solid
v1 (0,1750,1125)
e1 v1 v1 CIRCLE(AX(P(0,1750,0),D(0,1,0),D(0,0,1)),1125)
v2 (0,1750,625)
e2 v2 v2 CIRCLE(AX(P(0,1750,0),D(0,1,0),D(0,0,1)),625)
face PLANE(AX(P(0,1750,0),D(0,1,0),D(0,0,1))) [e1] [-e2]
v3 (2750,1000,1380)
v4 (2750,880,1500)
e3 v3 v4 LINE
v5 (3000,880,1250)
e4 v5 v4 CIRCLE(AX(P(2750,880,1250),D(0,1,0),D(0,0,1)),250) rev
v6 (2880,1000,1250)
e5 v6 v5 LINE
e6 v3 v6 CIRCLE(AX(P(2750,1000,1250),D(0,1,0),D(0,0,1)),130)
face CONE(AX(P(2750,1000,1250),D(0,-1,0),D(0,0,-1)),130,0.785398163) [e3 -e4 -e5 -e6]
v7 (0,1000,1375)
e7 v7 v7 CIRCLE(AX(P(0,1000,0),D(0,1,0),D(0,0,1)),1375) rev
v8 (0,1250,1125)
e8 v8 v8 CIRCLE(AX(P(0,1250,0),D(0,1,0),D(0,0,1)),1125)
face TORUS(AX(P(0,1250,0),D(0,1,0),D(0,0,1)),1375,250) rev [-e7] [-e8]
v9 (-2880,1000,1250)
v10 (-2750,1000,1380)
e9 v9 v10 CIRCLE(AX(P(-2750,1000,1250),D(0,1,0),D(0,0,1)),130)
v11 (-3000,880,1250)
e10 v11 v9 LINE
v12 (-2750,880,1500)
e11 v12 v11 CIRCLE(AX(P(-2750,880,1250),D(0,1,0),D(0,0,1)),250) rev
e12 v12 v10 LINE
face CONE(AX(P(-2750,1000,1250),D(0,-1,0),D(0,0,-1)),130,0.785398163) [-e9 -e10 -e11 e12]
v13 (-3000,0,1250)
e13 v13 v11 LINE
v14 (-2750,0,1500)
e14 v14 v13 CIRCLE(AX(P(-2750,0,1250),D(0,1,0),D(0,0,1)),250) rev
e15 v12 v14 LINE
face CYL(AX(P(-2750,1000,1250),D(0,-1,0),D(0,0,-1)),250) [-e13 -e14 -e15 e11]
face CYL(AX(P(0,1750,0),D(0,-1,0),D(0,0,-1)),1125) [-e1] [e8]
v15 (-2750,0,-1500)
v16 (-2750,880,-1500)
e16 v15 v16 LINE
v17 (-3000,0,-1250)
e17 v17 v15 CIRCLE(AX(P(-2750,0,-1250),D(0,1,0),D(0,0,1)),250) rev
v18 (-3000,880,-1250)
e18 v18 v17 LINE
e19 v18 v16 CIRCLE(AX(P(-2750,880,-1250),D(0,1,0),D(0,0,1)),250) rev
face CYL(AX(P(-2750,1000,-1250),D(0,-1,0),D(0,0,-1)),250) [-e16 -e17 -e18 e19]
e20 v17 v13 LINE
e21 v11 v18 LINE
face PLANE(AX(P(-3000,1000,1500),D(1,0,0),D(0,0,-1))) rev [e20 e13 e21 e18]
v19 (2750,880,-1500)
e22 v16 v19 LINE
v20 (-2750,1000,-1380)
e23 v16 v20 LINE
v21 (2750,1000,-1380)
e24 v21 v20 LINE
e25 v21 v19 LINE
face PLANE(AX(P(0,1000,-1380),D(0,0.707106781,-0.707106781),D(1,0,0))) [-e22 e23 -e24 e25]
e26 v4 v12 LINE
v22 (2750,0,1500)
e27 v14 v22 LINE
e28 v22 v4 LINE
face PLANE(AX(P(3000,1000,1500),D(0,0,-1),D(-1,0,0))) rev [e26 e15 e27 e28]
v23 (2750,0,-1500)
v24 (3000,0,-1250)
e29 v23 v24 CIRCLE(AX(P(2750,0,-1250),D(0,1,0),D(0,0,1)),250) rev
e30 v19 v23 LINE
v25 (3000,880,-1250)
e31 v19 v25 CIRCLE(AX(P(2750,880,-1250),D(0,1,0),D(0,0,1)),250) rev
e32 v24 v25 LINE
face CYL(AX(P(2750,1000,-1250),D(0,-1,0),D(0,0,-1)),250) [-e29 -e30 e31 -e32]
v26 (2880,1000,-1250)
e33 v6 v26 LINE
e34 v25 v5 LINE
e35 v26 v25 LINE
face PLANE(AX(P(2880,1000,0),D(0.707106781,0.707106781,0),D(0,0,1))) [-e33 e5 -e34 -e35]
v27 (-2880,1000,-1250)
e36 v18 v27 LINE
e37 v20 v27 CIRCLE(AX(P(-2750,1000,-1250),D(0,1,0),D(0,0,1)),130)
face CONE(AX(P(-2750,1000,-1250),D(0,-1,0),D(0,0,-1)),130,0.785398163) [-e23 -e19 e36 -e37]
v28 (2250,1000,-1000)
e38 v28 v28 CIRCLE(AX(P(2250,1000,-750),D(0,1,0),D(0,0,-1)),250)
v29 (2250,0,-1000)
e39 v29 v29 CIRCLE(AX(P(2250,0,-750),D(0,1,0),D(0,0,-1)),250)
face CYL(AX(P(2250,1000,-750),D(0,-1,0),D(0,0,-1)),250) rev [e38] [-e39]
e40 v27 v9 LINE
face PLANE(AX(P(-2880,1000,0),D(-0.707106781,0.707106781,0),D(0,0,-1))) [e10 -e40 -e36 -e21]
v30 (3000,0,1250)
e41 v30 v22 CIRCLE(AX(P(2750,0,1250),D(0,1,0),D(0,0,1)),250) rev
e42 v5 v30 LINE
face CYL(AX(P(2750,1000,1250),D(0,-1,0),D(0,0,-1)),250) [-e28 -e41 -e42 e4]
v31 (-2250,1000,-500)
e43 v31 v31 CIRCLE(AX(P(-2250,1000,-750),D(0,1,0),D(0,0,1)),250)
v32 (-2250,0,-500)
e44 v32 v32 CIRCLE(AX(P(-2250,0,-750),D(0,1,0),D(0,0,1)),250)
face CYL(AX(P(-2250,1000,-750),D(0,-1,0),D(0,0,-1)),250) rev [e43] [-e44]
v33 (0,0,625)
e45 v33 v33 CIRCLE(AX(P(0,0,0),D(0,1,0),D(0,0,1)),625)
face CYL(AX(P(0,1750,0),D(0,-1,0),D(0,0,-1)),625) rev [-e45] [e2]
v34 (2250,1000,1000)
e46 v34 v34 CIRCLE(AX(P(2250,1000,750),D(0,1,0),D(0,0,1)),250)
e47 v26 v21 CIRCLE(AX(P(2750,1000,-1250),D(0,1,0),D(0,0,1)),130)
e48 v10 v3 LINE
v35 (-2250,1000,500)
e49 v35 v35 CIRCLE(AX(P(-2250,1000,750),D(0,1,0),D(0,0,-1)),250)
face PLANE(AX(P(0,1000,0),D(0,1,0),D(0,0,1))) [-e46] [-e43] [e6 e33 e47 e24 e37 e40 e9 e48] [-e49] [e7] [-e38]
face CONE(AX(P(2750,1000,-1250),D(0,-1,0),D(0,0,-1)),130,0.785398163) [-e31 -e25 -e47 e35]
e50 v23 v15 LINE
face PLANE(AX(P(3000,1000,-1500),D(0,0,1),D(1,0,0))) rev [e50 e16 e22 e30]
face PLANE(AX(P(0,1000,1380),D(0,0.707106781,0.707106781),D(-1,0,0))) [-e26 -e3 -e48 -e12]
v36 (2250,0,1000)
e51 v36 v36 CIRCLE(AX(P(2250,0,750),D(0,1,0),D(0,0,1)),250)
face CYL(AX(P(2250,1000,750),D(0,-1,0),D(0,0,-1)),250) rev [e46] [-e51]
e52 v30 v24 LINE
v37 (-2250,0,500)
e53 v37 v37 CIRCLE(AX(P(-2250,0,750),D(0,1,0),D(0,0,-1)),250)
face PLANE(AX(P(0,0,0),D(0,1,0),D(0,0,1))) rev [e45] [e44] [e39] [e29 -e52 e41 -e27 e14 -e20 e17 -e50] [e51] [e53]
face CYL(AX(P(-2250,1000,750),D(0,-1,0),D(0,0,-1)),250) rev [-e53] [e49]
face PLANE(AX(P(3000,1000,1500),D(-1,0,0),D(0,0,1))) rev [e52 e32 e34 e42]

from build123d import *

# Parameters (mm, degrees)
SKETCH1_W           = 6000
SKETCH1_H           = 3000
SKETCH1_R           = 250
BOSS_EXTRUDE1_DEPTH = 1000
SKETCH2_R           = 1125
SKETCH2_R_2         = 625
BOSS_EXTRUDE2_DEPTH = 750
SKETCH4_R           = 625
CUT_EXTRUDE1_DEPTH  = 3501
FILLET1_R           = 250
FILLET2_R           = 250
CHAMFER1_SIZE       = 120


with BuildPart() as part:
    # Sketch1 → Boss-Extrude1 (new body)
    with BuildSketch(Plane(origin=(0, 0, 0), x_dir=(1, 0, 0), z_dir=(0, 1, 0))):
        Rectangle(SKETCH1_W, SKETCH1_H)
        with Locations(Location((-2250, 750, 0), (0, 0, 270))):
            Circle(SKETCH1_R, mode=Mode.SUBTRACT)
        with Locations(Location((2250, 750, 0), (0, 0, 90))):
            Circle(SKETCH1_R, mode=Mode.SUBTRACT)
        with Locations(Location((-2250, -750, 0), (0, 0, 90))):
            Circle(SKETCH1_R, mode=Mode.SUBTRACT)
        with Locations(Location((2250, -750, 0), (0, 0, 270))):
            Circle(SKETCH1_R, mode=Mode.SUBTRACT)
    extrude(amount=BOSS_EXTRUDE1_DEPTH)

    # Sketch2 → Boss-Extrude2 (add)
    with BuildSketch(Plane(origin=(0, 1000, 0), x_dir=(1, 0, 0), z_dir=(0, 1, 0))):
        with Locations(Location((0, 0, 0), (0, 0, 270))):
            Circle(SKETCH2_R)
        with Locations(Location((0, 0, 0), (0, 0, 270))):
            Circle(SKETCH2_R_2, mode=Mode.SUBTRACT)
    extrude(amount=BOSS_EXTRUDE2_DEPTH)

    # Sketch4 → Cut-Extrude1 (cut, through all)
    with BuildSketch(Plane(origin=(0, 1000, 0), x_dir=(1, 0, 0), z_dir=(0, 1, 0))):
        with Locations(Location((0, 0, 0), (0, 0, 270))):
            Circle(SKETCH4_R)
    extrude(amount=-CUT_EXTRUDE1_DEPTH, mode=Mode.SUBTRACT)

    # Fillet1
    fillet1_edges = [part.edges().sort_by_distance(p)[0] for p in [
        (0, 1000, -1125),
    ]]
    fillet(fillet1_edges, radius=FILLET1_R)

    # Fillet2
    fillet2_edges = [part.edges().sort_by_distance(p)[0] for p in [
        (-3000, 500, -1500),
        (3000, 500, -1500),
        (3000, 500, 1500),
        (-3000, 500, 1500),
    ]]
    fillet(fillet2_edges, radius=FILLET2_R)

    # Chamfer1
    chamfer1_edges = [part.edges().sort_by_distance(p)[0] for p in [
        (-3000, 1000, 0),
        (0, 1000, -1500),
        (0, 1000, 1500),
        (3000, 1000, 0),
        (-2926.776695297, 1000, 1426.776695297),
        (2926.776695297, 1000, 1426.776695297),
        (2926.776695297, 1000, -1426.776695297),
        (-2926.776695297, 1000, -1426.776695297),
    ]]
    chamfer(chamfer1_edges, length=CHAMFER1_SIZE)


solid = part.part
